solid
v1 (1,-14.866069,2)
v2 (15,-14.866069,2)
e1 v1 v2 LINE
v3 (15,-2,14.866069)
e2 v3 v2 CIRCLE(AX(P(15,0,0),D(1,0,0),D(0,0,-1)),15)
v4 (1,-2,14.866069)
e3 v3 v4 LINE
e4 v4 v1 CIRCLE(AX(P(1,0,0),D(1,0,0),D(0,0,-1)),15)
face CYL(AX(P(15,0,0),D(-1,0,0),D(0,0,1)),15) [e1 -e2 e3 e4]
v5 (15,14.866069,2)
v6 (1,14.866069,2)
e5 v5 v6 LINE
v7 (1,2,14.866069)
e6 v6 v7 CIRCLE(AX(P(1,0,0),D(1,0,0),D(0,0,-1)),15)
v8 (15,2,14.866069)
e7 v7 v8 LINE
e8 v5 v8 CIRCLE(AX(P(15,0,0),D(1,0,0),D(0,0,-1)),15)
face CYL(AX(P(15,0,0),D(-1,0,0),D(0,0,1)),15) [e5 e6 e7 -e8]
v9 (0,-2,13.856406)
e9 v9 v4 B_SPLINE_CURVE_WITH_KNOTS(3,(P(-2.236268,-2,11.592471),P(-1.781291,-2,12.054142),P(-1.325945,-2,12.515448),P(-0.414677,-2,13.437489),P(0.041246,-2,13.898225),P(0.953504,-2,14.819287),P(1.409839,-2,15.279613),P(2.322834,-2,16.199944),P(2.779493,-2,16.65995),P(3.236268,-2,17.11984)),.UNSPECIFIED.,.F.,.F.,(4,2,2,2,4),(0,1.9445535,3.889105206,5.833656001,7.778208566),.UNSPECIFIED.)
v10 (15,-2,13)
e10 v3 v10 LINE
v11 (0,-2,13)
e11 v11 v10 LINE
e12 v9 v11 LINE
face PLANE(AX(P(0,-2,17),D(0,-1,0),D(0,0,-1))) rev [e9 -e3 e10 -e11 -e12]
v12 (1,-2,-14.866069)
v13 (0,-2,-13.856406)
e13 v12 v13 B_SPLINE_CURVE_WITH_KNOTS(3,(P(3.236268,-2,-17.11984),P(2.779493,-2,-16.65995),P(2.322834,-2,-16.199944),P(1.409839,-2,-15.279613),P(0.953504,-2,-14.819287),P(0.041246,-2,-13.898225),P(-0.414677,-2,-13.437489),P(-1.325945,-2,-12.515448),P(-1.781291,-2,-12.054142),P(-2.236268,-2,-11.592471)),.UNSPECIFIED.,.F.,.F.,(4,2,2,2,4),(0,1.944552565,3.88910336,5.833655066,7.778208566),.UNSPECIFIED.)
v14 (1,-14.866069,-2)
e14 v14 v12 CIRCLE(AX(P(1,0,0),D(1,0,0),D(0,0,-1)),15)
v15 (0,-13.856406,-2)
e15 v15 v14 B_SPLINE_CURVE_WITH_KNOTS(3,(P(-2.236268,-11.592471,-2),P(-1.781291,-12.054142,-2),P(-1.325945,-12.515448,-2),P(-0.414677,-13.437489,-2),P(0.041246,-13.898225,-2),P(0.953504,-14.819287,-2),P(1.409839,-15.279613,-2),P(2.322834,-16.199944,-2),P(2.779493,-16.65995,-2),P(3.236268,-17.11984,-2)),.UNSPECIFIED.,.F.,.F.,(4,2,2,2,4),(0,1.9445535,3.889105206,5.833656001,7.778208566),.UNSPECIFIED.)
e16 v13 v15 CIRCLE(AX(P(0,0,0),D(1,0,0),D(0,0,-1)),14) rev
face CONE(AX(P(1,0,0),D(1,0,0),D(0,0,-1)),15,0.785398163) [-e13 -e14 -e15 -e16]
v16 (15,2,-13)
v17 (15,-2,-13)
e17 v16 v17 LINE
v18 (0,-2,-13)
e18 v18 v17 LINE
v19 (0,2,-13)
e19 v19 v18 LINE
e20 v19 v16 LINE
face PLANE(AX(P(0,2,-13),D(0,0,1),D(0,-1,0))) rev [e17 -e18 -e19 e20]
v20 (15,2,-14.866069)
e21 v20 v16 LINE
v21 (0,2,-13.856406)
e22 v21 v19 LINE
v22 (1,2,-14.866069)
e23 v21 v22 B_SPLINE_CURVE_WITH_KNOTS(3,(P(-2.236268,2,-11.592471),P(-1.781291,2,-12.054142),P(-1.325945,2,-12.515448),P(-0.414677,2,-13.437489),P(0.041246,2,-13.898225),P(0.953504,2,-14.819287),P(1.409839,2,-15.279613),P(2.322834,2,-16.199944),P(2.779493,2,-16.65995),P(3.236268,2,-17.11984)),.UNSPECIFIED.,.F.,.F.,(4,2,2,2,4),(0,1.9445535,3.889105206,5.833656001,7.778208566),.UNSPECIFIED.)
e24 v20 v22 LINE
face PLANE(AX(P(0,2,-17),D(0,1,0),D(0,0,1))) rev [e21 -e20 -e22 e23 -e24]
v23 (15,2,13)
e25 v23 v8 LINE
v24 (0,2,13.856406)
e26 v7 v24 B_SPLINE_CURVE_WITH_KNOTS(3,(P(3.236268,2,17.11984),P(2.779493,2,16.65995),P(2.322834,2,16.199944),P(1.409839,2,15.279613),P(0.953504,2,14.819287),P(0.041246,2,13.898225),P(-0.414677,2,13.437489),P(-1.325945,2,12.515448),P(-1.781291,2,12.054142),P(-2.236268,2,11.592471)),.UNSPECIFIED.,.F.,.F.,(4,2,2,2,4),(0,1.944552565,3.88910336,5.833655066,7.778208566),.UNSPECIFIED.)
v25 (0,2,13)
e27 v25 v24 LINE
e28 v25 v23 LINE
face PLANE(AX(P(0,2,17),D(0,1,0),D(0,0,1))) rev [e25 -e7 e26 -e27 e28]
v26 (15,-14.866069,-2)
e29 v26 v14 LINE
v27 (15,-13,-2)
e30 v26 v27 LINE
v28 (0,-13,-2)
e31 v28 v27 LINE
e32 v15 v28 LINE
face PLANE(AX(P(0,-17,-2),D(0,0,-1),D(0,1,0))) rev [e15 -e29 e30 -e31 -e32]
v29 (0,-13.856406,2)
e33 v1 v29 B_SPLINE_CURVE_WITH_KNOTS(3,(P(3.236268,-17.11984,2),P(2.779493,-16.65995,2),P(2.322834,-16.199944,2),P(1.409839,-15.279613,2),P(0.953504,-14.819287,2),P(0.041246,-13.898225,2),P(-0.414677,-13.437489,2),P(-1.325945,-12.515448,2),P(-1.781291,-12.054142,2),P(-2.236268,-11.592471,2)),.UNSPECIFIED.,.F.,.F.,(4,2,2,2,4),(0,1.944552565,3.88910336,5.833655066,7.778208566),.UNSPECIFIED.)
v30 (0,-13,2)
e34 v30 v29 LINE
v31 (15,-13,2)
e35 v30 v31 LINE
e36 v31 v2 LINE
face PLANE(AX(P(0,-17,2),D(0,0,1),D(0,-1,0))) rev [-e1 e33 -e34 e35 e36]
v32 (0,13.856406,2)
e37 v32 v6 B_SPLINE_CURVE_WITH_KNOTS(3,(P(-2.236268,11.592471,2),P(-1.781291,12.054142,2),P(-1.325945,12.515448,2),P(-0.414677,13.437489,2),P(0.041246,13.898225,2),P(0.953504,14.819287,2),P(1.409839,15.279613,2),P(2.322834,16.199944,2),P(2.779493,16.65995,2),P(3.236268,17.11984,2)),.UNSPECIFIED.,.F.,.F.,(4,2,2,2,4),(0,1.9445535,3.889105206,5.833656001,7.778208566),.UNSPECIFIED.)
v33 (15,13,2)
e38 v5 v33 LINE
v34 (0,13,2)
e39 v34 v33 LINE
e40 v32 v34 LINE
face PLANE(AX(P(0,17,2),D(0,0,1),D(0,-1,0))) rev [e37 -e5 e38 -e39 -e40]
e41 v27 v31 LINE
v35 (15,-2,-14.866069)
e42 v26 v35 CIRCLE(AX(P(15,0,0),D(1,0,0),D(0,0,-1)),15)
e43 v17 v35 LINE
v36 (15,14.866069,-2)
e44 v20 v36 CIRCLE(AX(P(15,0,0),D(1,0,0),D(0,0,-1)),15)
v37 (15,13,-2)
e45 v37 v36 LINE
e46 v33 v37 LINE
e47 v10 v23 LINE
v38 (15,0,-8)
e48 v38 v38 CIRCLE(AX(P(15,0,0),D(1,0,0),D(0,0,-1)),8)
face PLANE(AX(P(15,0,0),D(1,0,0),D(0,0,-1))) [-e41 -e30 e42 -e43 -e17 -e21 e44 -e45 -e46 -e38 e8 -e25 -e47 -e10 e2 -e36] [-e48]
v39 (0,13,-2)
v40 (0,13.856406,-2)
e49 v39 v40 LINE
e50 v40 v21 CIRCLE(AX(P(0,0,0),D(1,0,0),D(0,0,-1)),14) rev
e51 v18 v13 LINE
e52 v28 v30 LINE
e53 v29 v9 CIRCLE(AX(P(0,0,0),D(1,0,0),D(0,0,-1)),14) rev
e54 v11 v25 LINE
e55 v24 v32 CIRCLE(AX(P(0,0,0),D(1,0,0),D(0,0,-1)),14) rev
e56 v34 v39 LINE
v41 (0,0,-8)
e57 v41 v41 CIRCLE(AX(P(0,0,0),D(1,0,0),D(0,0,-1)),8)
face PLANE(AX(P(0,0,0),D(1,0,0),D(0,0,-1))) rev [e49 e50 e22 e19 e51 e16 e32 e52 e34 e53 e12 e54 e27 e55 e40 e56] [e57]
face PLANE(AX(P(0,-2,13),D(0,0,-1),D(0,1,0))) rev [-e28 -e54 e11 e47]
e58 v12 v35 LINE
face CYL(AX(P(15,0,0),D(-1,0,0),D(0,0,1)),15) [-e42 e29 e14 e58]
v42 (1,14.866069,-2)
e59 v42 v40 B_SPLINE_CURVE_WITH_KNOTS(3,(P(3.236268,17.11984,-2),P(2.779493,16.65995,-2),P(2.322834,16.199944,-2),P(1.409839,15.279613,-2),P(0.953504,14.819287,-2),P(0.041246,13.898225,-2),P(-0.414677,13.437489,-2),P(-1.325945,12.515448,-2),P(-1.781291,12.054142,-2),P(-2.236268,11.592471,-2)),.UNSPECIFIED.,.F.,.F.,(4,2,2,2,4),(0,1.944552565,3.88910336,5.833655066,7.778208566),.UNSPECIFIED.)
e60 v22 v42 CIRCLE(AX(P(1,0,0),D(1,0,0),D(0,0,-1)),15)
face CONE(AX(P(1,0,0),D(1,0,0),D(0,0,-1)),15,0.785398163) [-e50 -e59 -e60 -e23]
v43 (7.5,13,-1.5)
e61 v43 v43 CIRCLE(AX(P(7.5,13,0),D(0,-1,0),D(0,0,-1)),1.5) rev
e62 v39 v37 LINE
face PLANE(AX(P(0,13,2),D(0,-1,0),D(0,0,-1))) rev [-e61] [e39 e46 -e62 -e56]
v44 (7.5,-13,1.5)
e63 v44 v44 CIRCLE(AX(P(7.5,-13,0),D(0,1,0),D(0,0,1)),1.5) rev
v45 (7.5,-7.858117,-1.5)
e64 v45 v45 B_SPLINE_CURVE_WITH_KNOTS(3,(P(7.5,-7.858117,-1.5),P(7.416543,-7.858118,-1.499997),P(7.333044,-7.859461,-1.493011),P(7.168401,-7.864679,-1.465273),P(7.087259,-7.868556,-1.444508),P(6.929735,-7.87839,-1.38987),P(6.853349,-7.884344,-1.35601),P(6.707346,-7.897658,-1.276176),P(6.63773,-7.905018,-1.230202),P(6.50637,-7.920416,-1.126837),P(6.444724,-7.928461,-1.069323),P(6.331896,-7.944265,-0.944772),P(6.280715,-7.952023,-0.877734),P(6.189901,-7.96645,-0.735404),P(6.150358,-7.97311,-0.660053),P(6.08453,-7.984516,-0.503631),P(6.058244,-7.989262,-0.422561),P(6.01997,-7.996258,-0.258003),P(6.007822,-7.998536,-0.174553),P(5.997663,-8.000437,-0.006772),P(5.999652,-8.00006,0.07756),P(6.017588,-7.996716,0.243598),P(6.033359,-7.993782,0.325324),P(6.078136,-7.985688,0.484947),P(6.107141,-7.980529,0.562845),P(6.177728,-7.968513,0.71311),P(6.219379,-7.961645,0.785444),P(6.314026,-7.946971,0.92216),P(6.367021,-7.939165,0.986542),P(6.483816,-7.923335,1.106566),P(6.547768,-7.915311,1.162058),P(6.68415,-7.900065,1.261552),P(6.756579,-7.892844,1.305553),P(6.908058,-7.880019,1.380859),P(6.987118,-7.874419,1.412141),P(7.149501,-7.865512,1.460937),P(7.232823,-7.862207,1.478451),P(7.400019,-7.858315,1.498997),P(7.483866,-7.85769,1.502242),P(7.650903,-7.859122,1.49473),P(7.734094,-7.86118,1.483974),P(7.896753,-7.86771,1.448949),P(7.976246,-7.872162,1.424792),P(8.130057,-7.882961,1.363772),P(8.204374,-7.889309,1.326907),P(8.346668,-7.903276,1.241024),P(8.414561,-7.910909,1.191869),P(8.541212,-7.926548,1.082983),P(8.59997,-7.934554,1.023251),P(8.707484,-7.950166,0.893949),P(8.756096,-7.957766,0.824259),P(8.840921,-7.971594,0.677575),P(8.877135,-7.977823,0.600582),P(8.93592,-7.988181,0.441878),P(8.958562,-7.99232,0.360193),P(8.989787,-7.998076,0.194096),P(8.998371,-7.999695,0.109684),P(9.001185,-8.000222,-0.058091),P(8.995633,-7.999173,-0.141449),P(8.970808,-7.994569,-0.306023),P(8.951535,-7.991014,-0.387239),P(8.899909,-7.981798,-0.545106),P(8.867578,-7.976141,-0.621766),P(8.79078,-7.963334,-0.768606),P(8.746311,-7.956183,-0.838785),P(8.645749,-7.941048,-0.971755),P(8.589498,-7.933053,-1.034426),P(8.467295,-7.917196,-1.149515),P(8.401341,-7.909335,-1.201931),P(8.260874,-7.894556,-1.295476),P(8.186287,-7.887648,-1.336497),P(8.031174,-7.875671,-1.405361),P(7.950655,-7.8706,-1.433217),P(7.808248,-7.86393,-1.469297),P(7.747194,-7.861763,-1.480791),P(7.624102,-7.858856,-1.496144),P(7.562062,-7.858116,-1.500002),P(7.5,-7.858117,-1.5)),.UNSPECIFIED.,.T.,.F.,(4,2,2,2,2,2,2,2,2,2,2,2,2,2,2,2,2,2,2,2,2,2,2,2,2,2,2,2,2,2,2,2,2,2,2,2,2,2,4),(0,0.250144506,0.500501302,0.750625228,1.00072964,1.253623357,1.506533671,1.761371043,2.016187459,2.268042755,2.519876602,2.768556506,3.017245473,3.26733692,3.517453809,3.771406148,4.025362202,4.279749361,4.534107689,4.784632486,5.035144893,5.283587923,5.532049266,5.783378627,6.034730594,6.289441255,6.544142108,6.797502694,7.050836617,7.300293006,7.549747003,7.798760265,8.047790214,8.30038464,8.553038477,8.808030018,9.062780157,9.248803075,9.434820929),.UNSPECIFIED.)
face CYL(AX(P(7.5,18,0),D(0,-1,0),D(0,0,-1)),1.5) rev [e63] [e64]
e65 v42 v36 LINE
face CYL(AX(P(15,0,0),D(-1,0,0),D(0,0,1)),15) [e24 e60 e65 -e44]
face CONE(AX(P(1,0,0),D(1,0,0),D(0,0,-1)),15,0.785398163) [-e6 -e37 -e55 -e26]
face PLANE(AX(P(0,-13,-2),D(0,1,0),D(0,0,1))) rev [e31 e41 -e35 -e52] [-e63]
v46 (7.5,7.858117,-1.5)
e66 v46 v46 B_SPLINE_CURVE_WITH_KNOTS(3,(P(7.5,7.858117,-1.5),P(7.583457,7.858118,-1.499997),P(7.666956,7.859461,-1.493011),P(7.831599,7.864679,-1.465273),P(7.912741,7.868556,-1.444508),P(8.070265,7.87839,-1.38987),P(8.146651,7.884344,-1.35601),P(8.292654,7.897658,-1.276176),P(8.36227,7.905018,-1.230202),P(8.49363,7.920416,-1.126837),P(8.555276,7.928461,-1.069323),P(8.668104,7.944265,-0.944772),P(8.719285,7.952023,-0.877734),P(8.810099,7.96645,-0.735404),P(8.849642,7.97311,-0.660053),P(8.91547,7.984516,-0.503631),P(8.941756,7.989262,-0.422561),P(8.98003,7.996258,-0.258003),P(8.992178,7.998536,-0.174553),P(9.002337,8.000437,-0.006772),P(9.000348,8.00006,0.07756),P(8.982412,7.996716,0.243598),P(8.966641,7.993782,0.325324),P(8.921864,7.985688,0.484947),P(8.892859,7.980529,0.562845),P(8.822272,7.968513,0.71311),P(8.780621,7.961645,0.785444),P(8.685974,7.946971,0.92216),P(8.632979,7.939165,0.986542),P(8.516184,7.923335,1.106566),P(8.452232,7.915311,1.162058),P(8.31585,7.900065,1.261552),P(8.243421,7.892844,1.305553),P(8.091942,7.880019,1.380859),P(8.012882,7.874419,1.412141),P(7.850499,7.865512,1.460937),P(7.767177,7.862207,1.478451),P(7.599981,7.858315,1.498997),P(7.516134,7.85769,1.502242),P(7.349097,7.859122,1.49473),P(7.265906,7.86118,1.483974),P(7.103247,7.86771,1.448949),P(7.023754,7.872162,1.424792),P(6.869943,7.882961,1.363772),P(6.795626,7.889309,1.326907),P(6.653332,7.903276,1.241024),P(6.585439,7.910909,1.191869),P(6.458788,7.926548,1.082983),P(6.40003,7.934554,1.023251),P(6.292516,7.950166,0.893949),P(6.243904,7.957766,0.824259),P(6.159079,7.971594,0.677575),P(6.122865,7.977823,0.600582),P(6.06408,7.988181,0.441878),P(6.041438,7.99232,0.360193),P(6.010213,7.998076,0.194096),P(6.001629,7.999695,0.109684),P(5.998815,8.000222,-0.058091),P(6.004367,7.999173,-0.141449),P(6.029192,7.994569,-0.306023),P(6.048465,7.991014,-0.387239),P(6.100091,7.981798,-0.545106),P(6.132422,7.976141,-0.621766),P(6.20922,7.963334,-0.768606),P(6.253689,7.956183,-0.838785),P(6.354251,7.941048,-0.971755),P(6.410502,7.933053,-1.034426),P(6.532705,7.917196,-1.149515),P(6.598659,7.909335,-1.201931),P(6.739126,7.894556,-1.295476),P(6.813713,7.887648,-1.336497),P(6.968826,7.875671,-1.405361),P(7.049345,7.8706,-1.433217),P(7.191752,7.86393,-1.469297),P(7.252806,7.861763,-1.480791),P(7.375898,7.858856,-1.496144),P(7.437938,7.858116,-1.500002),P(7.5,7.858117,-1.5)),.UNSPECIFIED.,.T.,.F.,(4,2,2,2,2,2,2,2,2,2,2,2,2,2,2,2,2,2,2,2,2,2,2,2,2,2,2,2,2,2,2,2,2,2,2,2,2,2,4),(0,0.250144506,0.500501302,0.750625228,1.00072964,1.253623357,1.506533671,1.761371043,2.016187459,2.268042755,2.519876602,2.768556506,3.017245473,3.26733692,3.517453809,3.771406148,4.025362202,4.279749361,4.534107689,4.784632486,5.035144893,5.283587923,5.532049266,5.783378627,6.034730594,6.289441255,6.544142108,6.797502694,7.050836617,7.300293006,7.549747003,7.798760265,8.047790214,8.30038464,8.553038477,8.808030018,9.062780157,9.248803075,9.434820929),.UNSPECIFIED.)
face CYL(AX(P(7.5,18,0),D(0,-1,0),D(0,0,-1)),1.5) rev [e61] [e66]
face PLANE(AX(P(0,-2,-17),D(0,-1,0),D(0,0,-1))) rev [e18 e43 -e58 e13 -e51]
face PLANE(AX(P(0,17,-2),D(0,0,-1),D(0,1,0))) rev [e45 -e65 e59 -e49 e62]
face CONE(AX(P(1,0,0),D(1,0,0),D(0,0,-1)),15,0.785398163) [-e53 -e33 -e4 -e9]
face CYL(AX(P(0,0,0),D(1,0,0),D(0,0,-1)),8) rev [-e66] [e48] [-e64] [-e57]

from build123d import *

# Parameters (mm, degrees)
SKETCH1_R               = 15
BOSS_EXTRUDE1_DEPTH     = 15
SKETCH2_R               = 8
CUT_EXTRUDE1_DEPTH      = 16
CHAMFER1_SIZE           = 1
SKETCH3_W               = 4
SKETCH3_H               = 4
CUT_EXTRUDE2_DEPTH      = 16
CIRPATTERN1_COUNT       = 4
SKETCH4_R               = 1.5
CUT_EXTRUDE4_DEPTH      = 18
CUT_EXTRUDE4_DEPTH_BACK = 15.866068747


with BuildPart() as part:
    # Sketch1 → Boss-Extrude1 (new body)
    with BuildSketch(Plane(origin=(0, 0, 0), x_dir=(0, 0, -1), z_dir=(1, 0, 0))):
        Circle(SKETCH1_R)
    extrude(amount=BOSS_EXTRUDE1_DEPTH)

    # Sketch2 → Cut-Extrude1 (cut, through all)
    with BuildSketch(Plane(origin=(15, 0, 0), x_dir=(0, 0, -1), z_dir=(1, 0, 0))):
        Circle(SKETCH2_R)
    extrude(amount=-CUT_EXTRUDE1_DEPTH, mode=Mode.SUBTRACT)

    # Chamfer1
    chamfer1_edges = [part.edges().sort_by_distance(p)[0] for p in [
        (0, 0, 15),
    ]]
    chamfer(chamfer1_edges, length=CHAMFER1_SIZE)

    # Sketch3 → Cut-Extrude2 (cut, through all)
    with BuildSketch(Plane(origin=(15, 0, 0), x_dir=(0, 0, -1), z_dir=(1, 0, 0))):
        with Locations((0, 15)):
            Rectangle(SKETCH3_W, SKETCH3_H)
    cut_extrude2 = extrude(amount=-CUT_EXTRUDE2_DEPTH, mode=Mode.SUBTRACT)

    # CirPattern1: Cut-Extrude2 ×4 about axis
    cirpattern1_axis = Axis((0, 0, 0), (1, 0, 0))
    for i in range(1, CIRPATTERN1_COUNT):
        add(cut_extrude2.rotate(cirpattern1_axis, i * 360 / CIRPATTERN1_COUNT), mode=Mode.SUBTRACT)

    # Sketch4 → Cut-Extrude4 (cut, two sides)
    with BuildSketch(Plane(origin=(0, 0, 0), x_dir=(1, 0, 0), z_dir=(0, 1, 0))) as cut_extrude4_sk:
        with Locations((7.5, 0)):
            Circle(SKETCH4_R)
    extrude(amount=CUT_EXTRUDE4_DEPTH, mode=Mode.SUBTRACT)
    extrude(cut_extrude4_sk.sketch, amount=-CUT_EXTRUDE4_DEPTH_BACK, mode=Mode.SUBTRACT)


solid = part.part
